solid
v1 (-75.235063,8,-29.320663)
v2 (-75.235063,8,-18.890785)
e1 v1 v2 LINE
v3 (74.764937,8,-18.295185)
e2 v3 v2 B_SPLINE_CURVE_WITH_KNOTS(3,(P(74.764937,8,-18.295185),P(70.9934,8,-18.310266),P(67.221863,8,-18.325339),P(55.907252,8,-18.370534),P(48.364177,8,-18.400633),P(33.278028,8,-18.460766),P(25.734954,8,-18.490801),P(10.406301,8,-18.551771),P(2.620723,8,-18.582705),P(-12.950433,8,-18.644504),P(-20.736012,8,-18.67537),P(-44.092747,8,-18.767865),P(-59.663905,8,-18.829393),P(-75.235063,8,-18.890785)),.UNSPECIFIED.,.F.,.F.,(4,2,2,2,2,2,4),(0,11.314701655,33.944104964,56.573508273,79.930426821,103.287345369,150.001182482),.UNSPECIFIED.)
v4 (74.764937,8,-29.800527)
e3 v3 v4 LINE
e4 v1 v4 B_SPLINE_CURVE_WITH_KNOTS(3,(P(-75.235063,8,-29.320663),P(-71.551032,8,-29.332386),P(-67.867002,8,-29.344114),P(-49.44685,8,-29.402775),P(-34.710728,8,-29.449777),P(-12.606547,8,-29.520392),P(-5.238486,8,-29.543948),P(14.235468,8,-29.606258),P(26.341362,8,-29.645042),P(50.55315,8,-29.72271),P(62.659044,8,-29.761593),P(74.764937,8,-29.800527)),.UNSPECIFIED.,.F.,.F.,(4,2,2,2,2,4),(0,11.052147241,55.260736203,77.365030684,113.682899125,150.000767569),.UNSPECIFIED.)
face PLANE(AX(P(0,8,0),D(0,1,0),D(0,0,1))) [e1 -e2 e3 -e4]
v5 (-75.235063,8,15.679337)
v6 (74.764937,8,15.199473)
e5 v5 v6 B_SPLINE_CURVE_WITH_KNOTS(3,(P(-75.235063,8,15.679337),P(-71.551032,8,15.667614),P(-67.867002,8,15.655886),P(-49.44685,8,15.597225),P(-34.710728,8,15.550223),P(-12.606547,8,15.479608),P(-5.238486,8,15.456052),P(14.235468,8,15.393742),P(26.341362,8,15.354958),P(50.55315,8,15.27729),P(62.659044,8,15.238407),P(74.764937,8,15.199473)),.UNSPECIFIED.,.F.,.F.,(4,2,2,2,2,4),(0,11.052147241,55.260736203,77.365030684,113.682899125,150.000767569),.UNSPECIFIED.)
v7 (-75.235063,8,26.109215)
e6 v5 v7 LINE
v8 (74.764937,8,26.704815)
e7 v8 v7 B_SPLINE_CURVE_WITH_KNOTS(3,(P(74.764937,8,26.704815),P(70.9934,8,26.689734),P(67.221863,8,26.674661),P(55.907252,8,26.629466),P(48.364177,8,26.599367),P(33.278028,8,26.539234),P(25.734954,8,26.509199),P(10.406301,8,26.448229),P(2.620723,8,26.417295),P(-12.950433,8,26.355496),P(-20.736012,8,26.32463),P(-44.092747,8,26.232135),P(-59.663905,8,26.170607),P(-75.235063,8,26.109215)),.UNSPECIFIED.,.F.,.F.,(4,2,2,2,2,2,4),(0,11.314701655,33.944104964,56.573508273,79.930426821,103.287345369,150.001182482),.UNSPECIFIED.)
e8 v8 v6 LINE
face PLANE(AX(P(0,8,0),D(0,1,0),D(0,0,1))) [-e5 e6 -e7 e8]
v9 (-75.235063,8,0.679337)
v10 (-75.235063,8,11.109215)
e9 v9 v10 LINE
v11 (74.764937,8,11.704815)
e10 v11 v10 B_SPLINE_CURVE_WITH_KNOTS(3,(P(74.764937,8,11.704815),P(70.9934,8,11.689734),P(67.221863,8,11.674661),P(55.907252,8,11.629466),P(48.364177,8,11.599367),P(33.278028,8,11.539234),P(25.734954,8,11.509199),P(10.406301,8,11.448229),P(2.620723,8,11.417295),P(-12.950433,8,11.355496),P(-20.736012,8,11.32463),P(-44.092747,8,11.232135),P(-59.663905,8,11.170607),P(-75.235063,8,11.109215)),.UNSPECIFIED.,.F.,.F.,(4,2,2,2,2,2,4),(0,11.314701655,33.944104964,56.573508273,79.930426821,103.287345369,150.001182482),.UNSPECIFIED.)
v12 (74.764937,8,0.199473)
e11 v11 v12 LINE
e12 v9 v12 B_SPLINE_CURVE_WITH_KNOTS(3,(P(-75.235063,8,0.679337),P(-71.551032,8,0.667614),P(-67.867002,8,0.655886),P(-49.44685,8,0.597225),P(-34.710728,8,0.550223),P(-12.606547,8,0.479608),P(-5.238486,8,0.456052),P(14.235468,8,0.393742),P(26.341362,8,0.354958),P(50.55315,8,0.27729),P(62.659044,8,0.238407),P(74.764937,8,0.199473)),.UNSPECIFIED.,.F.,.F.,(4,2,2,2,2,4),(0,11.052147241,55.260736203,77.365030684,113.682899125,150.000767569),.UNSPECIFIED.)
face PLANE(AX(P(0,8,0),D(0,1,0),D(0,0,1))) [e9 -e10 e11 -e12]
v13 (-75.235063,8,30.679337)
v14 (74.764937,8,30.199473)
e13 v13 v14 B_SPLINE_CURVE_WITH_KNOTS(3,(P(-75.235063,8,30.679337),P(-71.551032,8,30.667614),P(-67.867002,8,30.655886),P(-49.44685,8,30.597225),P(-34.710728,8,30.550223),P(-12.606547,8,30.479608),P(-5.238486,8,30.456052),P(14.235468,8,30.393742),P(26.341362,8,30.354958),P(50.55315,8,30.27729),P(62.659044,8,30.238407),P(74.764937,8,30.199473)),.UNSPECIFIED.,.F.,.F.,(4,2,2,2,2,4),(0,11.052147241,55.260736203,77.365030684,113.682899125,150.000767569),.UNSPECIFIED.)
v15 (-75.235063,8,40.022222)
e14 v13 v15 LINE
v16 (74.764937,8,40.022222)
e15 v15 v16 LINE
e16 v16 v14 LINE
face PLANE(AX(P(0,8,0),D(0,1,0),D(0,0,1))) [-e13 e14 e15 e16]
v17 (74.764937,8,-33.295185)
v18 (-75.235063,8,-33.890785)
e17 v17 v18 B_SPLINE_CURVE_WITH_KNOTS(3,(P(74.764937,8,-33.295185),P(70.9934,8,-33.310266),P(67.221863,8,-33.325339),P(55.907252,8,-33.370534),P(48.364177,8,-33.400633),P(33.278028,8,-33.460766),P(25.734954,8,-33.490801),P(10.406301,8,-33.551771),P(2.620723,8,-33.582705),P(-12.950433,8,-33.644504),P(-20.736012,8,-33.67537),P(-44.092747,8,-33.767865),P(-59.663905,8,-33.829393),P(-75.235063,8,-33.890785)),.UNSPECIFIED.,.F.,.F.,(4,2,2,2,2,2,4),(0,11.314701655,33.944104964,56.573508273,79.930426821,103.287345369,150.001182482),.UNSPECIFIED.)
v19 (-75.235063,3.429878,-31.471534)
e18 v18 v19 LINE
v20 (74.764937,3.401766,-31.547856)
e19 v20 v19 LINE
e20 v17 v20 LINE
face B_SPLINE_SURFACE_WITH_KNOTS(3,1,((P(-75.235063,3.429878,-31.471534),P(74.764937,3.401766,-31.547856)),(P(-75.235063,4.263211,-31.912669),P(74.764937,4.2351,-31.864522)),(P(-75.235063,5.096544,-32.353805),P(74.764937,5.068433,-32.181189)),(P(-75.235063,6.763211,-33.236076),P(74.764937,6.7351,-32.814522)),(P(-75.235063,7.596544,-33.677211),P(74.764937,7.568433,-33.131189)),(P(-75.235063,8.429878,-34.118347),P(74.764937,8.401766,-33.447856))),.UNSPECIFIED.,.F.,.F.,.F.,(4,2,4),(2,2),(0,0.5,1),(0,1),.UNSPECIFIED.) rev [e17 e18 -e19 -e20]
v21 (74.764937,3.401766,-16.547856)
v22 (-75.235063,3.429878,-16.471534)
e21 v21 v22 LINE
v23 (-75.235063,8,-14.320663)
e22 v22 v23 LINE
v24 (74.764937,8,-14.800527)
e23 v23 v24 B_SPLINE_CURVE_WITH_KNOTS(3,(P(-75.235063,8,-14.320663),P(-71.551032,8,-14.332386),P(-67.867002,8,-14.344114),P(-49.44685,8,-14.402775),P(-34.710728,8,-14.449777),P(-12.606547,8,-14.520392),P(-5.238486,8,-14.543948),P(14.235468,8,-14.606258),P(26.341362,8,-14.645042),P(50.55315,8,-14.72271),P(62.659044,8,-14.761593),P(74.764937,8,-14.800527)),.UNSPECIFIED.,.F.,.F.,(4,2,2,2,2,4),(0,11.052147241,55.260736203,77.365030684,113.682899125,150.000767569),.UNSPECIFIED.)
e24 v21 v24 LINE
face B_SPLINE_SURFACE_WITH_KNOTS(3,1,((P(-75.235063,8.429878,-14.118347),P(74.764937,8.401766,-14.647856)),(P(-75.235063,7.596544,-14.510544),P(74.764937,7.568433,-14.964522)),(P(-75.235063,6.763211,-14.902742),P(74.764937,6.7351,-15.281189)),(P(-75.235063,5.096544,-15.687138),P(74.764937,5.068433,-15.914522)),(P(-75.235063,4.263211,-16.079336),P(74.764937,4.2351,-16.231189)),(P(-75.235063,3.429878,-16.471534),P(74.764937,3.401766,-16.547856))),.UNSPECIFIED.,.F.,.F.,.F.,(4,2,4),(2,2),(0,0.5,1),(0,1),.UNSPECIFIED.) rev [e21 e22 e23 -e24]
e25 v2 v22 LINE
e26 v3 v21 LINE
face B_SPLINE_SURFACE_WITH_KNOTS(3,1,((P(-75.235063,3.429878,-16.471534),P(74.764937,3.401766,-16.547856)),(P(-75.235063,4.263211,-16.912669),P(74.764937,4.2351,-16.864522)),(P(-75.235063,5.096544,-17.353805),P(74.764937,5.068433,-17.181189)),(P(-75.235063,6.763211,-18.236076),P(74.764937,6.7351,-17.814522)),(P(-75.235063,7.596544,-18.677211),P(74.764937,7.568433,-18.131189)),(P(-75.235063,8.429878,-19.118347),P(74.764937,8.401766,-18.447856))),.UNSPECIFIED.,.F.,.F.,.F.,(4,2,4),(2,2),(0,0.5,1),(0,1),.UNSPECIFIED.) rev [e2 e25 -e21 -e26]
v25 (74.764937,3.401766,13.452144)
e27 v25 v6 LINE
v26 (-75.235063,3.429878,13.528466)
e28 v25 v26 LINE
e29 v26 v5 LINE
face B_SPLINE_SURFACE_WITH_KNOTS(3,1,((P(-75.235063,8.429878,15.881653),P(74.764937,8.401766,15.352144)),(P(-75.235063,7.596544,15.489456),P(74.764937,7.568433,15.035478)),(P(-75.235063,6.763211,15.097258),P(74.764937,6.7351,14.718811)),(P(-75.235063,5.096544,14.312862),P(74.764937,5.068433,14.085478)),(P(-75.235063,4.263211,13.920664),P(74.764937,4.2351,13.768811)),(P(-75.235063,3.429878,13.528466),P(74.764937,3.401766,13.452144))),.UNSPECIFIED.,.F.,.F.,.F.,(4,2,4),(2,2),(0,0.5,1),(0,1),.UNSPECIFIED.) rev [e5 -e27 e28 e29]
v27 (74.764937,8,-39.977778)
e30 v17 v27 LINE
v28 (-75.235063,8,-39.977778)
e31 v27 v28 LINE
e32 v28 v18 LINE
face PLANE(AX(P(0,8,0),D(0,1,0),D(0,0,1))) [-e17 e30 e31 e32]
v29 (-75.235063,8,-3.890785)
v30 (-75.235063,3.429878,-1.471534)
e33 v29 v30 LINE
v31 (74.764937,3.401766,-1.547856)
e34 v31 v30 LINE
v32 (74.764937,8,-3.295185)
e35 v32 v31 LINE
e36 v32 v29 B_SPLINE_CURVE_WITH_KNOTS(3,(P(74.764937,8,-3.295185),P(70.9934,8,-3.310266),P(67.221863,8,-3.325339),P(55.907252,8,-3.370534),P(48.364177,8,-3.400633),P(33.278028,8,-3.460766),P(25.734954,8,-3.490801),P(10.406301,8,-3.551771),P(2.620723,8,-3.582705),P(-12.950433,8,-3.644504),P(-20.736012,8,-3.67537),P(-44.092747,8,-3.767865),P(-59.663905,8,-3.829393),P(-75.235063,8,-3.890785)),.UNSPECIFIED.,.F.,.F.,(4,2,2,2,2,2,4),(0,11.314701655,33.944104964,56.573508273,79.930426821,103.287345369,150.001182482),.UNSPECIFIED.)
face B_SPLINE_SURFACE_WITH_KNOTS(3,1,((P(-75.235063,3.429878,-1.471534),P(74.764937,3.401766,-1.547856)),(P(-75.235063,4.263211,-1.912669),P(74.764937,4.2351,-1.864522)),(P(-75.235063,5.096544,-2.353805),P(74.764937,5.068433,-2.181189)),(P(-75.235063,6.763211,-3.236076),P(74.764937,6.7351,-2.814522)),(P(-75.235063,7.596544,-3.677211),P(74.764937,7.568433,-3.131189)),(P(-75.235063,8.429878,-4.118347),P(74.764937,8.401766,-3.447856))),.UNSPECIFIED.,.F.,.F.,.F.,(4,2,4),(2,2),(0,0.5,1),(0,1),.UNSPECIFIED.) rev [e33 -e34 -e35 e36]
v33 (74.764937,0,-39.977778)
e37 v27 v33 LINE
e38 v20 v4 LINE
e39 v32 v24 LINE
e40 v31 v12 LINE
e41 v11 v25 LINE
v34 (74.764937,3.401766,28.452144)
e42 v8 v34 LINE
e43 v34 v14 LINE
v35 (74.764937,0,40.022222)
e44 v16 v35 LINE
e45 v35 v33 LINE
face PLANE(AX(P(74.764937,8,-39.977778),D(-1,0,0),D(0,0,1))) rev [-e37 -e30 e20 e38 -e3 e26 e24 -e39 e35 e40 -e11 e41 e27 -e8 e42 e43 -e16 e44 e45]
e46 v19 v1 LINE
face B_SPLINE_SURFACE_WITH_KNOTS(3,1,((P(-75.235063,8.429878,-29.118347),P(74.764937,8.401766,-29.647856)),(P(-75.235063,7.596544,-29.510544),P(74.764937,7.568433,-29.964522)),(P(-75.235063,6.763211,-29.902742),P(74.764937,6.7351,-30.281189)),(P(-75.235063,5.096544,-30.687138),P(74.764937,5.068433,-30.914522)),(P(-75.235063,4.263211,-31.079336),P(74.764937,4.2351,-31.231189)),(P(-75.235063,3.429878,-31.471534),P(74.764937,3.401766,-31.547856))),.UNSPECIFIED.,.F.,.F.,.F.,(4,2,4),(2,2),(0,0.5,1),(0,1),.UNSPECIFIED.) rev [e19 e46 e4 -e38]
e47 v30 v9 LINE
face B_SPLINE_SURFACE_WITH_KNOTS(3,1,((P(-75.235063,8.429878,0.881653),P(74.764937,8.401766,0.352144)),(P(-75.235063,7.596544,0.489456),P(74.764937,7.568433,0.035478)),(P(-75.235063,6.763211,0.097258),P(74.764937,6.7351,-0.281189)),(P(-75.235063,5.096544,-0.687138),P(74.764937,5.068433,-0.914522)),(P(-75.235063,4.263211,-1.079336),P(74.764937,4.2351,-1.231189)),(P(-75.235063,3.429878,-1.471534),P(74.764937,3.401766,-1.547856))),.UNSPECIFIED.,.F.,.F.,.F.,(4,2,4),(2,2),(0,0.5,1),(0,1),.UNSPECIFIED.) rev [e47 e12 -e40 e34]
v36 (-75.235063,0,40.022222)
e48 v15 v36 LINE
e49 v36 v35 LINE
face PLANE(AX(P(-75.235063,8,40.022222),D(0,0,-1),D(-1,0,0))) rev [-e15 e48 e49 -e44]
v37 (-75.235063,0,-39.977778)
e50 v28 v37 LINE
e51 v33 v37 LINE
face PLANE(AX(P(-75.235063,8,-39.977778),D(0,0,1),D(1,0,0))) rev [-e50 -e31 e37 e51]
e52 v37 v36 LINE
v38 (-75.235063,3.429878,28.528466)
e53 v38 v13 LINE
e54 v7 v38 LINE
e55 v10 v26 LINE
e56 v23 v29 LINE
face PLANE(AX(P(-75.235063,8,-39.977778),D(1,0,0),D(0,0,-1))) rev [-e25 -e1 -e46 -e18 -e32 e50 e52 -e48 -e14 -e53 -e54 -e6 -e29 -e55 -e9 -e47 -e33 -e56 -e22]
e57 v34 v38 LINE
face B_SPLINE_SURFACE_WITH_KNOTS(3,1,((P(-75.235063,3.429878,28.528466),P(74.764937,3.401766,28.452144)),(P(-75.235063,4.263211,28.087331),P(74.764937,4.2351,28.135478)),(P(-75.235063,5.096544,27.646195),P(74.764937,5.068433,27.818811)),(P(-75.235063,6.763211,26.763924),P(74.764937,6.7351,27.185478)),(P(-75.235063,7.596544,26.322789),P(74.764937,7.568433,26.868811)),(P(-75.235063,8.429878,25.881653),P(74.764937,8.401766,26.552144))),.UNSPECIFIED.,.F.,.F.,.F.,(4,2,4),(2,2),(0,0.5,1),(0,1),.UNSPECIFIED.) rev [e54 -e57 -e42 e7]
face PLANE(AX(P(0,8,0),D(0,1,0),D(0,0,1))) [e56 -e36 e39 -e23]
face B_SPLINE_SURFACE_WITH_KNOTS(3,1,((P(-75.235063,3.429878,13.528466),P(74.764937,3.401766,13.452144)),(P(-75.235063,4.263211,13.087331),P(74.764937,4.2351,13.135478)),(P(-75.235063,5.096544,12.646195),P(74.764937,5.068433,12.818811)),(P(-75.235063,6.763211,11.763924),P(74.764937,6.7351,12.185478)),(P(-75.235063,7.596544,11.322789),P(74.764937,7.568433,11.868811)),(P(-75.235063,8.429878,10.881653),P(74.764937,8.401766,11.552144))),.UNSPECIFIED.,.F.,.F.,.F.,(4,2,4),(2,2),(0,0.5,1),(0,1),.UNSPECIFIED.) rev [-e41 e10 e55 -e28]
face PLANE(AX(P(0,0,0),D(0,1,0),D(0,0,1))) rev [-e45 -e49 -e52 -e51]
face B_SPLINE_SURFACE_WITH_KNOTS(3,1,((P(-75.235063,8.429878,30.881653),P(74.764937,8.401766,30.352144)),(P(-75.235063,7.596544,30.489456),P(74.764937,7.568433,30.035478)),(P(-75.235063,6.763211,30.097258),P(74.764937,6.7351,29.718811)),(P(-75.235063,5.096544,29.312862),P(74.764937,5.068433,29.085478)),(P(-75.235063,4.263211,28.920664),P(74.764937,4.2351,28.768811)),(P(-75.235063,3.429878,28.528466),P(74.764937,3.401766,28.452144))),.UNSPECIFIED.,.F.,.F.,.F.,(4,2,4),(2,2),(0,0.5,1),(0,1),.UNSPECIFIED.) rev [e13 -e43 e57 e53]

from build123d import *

# Parameters (mm, degrees)
SKETCH_1_W             = 150
SKETCH_1_H             = 80
EXTRUDE_1_DEPTH        = 8
PATTERN_LINEAR_1_COUNT = 5
PATTERN_LINEAR_1_PITCH = 15


with BuildPart() as part:
    # 草图1 → 凸台-拉伸1 (new body)
    with BuildSketch(Plane(origin=(0, 0, 0), x_dir=(1, 0, 0), z_dir=(0, 1, 0))):
        with Locations((-0.235062575, -0.022221524)):
            Rectangle(SKETCH_1_W, SKETCH_1_H)
    extrude(amount=EXTRUDE_1_DEPTH)

    # 草图7 → 切除-放样1 section 0
    with BuildSketch(Plane.ZY.offset(75.235062575)):
        with BuildLine():
            Line((-34.118346575, 8.429877802), (-29.118346575, 8.429877802))
            Line((-29.118346575, 8.429877802), (-31.471533702, 3.429877802))
            Line((-31.471533702, 3.429877802), (-34.118346575, 8.429877802))
        make_face()
    # 草图15 → 切除-放样1 section 1
    with BuildSketch(Plane.ZY.offset(-74.764937425)):
        with BuildLine():
            Line((-33.447855692, 8.401766208), (-29.647855692, 8.401766208))
            Line((-29.647855692, 8.401766208), (-31.547855692, 3.401766208))
            Line((-31.547855692, 3.401766208), (-33.447855692, 8.401766208))
        make_face()
    loft_1 = loft(mode=Mode.SUBTRACT)

    # 阵列(线性)1: 切除-放样1 ×5
    with Locations(*[(0, 0, i * PATTERN_LINEAR_1_PITCH) for i in range(1, PATTERN_LINEAR_1_COUNT)]):
        add(loft_1, mode=Mode.SUBTRACT)


solid = part.part
